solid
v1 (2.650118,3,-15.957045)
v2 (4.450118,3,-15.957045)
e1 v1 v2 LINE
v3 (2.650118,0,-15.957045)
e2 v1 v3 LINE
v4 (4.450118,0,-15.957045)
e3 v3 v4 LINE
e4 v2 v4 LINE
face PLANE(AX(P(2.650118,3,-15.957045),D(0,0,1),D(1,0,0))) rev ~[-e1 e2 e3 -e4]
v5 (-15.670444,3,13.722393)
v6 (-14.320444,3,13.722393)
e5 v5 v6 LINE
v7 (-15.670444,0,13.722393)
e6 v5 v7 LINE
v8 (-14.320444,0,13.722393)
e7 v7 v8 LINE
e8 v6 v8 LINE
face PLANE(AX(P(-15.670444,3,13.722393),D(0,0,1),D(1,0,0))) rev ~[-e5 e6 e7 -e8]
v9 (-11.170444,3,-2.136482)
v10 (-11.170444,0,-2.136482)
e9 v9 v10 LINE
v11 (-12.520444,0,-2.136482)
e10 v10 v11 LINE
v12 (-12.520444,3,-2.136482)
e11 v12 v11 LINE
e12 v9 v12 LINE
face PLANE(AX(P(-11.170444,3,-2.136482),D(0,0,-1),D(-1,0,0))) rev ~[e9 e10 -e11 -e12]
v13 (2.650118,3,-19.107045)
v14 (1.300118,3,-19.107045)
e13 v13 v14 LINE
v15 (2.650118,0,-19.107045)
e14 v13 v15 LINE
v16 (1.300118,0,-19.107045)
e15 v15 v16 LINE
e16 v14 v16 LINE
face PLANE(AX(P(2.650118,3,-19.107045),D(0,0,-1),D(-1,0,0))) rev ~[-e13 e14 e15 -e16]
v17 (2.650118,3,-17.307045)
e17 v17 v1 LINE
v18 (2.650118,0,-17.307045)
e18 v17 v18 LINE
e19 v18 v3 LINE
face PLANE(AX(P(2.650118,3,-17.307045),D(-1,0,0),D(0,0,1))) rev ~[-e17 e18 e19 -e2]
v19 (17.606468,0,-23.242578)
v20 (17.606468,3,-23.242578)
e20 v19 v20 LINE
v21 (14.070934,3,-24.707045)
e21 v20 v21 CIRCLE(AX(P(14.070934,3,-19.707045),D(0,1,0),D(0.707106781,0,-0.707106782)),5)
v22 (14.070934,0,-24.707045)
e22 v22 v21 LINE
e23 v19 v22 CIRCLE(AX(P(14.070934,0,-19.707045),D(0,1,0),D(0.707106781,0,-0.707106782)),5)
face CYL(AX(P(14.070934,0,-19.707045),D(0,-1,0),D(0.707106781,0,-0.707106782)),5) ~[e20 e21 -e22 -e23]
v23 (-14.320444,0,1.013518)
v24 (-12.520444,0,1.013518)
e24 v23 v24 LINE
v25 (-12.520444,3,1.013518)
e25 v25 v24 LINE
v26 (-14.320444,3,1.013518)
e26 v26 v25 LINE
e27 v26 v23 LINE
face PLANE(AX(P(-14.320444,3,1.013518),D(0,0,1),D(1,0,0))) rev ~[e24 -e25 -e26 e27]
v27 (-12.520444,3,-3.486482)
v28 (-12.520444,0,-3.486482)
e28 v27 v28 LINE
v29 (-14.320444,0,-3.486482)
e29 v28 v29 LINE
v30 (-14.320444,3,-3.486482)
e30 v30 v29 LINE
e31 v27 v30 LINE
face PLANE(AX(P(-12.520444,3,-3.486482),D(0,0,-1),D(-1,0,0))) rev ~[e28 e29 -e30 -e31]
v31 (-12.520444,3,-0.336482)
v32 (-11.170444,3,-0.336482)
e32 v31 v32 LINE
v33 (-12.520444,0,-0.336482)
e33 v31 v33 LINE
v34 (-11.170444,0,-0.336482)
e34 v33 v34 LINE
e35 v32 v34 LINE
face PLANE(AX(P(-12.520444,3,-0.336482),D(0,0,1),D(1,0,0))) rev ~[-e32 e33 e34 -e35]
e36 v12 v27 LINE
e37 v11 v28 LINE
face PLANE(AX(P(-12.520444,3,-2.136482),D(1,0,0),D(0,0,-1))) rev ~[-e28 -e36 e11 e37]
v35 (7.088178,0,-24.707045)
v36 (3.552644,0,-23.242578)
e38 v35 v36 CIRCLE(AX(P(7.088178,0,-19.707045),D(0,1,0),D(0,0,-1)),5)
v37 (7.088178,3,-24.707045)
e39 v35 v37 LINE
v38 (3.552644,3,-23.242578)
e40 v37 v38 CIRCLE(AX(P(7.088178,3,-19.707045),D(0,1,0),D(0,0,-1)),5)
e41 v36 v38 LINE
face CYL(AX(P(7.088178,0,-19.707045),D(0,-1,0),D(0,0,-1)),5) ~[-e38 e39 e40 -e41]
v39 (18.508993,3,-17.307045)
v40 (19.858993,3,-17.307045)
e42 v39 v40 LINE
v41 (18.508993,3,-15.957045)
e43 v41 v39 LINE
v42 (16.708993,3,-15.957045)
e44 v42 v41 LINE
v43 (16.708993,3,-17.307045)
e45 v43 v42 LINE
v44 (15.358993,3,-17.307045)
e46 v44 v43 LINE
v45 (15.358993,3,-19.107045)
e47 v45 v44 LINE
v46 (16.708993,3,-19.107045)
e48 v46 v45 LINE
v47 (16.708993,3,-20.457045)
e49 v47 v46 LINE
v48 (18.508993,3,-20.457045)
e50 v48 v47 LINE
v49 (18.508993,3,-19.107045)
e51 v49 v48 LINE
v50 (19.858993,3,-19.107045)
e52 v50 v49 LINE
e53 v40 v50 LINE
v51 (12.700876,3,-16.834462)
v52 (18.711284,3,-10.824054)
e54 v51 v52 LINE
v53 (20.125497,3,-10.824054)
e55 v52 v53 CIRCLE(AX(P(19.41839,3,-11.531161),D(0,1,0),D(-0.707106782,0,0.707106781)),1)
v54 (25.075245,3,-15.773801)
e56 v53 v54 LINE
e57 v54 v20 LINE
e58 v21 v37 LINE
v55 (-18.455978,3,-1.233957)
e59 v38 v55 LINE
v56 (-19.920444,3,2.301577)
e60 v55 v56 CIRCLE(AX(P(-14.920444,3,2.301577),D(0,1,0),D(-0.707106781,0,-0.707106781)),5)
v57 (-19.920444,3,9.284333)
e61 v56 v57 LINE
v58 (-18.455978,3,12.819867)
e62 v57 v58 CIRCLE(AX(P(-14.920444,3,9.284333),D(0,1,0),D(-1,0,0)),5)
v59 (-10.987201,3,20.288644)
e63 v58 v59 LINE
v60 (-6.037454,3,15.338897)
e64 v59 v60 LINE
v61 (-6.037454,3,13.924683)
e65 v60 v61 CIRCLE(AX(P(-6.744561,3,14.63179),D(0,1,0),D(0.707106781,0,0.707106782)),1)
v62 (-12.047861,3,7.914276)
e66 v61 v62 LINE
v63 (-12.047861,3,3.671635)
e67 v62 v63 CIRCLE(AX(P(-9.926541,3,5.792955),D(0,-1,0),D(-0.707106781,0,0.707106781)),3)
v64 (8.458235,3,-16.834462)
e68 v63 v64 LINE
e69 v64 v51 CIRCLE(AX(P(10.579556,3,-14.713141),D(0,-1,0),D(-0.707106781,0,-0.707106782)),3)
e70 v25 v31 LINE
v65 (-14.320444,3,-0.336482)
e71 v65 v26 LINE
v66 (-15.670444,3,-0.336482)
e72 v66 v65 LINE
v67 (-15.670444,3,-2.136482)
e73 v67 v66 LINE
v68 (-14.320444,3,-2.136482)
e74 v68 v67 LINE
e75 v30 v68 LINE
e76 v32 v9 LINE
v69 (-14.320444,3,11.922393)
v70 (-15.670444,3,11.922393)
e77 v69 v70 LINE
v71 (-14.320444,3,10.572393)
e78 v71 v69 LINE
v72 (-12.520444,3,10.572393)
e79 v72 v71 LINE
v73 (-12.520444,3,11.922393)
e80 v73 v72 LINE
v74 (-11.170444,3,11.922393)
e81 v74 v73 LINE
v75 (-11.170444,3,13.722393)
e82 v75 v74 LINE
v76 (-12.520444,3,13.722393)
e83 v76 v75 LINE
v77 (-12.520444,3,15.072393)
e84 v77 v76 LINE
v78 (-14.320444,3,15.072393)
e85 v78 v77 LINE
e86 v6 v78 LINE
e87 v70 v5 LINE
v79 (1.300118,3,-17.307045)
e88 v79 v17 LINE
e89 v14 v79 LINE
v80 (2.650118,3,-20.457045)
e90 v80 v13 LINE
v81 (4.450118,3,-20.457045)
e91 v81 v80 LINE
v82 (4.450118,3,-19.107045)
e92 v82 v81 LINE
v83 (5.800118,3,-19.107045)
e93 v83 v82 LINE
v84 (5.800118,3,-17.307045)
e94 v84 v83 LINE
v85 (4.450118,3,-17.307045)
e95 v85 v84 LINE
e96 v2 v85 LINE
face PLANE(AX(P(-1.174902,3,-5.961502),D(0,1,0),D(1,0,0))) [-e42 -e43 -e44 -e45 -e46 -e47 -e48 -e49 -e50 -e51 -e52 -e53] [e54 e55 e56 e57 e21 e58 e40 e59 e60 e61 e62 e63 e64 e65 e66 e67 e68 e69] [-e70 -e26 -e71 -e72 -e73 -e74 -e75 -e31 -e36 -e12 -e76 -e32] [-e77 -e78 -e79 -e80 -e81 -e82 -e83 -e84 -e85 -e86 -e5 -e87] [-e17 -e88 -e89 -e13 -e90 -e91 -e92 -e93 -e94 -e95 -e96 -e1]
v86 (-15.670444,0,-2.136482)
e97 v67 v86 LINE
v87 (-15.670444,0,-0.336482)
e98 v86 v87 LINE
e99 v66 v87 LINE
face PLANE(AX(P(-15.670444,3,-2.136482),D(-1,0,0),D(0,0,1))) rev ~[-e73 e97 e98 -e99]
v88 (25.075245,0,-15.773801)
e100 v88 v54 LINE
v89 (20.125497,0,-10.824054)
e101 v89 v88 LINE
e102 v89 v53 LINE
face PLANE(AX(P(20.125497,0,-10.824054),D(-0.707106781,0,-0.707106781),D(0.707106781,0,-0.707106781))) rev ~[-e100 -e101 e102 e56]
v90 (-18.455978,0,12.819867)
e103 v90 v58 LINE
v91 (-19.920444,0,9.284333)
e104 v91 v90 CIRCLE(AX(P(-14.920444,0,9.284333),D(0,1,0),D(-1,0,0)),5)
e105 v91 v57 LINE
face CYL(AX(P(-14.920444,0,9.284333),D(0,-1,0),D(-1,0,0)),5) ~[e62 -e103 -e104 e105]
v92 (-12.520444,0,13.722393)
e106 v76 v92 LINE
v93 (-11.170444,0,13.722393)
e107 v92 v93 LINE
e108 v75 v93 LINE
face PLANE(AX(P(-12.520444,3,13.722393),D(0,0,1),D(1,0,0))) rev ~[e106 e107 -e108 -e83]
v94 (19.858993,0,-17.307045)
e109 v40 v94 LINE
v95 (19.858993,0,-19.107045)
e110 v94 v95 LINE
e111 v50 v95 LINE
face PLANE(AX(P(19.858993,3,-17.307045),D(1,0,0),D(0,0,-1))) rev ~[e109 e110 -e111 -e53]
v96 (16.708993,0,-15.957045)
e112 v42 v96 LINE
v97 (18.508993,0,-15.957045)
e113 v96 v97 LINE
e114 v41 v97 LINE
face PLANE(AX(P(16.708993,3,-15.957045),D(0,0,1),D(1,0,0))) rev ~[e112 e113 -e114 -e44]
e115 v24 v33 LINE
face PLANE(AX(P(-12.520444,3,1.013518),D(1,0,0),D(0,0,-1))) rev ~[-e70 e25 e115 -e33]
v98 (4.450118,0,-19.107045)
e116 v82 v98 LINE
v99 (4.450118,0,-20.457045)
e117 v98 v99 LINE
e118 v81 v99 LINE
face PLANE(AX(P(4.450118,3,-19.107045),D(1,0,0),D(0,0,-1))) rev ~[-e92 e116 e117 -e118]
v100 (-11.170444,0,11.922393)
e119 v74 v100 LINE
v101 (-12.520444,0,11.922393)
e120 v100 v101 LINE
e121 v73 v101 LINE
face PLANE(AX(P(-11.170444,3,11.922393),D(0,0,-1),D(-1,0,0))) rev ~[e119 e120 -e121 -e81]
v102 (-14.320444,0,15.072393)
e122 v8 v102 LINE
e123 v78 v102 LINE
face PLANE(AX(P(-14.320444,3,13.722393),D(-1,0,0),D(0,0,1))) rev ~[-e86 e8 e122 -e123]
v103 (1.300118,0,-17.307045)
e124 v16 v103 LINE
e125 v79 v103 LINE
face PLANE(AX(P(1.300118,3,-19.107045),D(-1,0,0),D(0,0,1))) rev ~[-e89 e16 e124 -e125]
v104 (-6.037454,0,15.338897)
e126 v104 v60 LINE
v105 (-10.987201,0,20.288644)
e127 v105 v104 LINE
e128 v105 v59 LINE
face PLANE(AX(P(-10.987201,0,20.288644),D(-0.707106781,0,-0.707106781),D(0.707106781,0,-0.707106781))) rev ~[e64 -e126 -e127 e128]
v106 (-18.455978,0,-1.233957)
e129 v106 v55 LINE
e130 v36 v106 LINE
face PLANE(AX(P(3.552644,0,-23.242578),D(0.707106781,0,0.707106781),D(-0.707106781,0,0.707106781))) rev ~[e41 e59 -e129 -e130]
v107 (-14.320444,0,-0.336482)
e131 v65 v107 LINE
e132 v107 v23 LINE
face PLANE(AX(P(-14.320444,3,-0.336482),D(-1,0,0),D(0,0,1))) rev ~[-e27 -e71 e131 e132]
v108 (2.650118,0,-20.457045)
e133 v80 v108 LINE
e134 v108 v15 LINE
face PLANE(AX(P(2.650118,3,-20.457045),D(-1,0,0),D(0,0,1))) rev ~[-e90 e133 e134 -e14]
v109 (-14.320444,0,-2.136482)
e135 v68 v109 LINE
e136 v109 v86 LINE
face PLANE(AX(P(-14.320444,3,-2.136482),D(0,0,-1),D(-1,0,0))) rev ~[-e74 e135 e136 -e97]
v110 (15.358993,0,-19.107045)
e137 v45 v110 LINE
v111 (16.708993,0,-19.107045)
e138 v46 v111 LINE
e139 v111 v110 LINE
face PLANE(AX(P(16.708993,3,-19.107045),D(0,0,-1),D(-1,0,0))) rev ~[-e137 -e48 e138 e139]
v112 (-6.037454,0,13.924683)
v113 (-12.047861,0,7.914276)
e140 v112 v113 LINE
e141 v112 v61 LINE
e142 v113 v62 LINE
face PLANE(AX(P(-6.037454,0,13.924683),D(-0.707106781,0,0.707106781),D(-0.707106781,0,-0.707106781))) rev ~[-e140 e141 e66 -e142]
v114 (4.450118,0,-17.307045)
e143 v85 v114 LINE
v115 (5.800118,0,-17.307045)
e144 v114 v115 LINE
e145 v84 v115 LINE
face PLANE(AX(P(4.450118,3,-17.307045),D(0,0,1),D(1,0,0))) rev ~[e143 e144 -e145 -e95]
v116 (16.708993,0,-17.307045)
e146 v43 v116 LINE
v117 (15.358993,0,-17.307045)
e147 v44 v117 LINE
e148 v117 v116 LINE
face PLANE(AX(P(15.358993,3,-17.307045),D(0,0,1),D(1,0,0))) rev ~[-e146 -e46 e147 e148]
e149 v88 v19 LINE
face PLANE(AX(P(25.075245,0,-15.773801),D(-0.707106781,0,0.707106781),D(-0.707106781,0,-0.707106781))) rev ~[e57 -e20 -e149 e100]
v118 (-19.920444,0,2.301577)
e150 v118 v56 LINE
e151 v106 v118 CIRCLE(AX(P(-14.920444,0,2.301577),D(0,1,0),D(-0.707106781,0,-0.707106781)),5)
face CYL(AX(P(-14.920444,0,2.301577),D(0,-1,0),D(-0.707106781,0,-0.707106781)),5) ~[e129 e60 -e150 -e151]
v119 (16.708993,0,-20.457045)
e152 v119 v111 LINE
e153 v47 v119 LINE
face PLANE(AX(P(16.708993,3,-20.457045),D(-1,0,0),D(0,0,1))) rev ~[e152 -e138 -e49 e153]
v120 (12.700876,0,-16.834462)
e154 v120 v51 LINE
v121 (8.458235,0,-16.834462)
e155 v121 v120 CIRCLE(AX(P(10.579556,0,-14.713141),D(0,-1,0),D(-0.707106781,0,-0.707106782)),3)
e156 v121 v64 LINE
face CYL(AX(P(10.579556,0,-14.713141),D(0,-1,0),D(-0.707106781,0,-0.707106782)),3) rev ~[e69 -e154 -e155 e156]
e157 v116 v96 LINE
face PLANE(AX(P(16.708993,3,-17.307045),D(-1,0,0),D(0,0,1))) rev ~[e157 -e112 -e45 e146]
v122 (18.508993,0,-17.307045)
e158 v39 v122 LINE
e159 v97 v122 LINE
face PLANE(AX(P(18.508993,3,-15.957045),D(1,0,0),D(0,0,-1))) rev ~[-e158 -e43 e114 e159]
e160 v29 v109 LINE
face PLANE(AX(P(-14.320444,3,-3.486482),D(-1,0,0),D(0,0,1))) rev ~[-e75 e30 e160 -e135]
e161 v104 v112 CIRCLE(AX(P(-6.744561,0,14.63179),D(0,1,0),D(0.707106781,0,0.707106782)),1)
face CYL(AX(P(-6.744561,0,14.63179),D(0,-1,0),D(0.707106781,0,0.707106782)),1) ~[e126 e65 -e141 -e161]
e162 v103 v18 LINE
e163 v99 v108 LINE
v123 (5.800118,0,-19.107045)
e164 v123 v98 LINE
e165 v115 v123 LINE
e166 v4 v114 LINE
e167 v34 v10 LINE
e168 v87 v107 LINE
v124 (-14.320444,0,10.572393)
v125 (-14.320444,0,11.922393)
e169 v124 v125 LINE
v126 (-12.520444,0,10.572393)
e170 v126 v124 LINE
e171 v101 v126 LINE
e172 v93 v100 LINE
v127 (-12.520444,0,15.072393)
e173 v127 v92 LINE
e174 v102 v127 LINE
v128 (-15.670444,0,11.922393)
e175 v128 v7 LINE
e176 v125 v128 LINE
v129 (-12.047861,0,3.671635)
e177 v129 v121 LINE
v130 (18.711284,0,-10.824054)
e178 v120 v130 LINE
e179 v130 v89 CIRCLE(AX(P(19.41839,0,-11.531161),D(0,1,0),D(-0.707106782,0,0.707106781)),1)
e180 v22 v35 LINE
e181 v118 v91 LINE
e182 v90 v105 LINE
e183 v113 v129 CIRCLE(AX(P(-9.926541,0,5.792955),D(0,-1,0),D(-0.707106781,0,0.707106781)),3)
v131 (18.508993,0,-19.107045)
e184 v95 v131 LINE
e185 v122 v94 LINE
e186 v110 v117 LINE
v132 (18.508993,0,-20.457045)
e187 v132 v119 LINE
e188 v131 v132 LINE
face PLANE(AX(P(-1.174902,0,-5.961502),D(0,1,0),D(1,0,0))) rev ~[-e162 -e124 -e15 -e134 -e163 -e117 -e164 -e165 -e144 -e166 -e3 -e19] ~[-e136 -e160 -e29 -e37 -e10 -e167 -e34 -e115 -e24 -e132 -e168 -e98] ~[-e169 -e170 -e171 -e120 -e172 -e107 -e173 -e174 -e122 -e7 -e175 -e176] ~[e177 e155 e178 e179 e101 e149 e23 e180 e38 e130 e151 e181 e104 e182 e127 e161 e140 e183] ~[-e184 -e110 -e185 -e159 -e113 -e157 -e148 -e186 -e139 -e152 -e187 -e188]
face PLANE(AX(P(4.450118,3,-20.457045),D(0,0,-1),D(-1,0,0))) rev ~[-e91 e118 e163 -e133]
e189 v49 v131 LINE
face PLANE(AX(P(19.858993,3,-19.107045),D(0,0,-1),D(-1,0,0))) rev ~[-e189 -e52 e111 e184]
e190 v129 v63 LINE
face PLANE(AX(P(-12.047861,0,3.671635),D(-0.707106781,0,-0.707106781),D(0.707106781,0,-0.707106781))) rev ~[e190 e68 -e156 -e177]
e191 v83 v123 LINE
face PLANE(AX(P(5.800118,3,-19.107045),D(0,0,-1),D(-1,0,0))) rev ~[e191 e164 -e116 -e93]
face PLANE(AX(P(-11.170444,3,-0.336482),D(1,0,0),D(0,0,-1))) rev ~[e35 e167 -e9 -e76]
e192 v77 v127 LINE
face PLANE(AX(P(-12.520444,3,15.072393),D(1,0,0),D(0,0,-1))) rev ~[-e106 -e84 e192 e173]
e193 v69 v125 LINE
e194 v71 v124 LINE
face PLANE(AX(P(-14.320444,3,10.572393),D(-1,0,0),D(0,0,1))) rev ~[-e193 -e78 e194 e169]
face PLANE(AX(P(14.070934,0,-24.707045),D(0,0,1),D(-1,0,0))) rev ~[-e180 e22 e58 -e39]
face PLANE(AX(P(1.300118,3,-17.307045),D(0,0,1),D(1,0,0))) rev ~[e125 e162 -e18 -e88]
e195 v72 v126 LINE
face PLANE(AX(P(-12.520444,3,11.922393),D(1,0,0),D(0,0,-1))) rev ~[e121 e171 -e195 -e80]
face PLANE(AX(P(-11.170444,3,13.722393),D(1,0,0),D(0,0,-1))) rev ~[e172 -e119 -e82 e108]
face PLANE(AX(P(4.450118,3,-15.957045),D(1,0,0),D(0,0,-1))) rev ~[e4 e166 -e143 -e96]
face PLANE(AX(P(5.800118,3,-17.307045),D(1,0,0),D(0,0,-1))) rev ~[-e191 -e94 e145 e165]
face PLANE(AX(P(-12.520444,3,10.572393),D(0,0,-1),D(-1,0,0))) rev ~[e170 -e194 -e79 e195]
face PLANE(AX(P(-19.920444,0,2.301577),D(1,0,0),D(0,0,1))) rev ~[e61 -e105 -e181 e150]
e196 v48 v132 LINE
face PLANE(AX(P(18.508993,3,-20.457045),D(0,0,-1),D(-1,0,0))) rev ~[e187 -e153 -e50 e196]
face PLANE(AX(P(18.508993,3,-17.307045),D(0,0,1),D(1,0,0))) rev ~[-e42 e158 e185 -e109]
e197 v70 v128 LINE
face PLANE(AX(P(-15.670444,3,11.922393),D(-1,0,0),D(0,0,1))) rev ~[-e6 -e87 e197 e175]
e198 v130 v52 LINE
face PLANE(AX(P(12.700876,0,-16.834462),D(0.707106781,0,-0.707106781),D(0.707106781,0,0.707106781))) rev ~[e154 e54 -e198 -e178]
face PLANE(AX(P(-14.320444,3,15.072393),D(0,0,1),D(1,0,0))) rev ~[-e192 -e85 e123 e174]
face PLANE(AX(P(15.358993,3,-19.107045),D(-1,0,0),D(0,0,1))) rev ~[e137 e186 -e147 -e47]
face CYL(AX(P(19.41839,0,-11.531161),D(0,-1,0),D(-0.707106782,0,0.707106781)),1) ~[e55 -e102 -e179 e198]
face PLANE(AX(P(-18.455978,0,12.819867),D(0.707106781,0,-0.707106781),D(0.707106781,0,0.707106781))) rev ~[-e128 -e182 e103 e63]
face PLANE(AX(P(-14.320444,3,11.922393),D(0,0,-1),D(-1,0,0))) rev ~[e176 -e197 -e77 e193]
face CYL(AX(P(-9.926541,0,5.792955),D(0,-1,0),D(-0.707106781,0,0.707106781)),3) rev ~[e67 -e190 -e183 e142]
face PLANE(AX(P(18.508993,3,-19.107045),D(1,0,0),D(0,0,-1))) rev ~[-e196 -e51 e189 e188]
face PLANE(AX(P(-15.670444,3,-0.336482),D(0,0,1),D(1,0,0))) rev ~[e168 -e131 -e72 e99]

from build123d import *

# Parameters (mm, degrees)
BOSS_EXTRUDE1_DEPTH = 3
CUT_EXTRUDE1_DEPTH  = 4


with BuildPart() as part:
    # Sketch1 → Boss-Extrude1 (new body)
    with BuildSketch(Plane(origin=(0, 0, 0), x_dir=(1, 0, 0), z_dir=(0, 1, 0))):
        with BuildLine():
            Line((-6.037453791, -13.924683413), (-12.047861431, -7.914275773))
            ThreePointArc((-12.047861431, -7.914275773), (-12.926541087, -5.792955429), (-12.047861431, -3.671635086))
            Line((-12.047861431, -3.671635086), (8.458235223, 16.834461569))
            ThreePointArc((8.458235223, 16.834461569), (10.579555567, 17.713141225), (12.700875911, 16.834461569))
            Line((12.700875911, 16.834461569), (18.711283551, 10.824053929))
            ThreePointArc((18.711283551, 10.824053929), (19.418390332, 10.53116071), (20.125497113, 10.824053929))
            Line((20.125497113, 10.824053929), (25.075244581, 15.773801397))
            Line((25.075244581, 15.773801397), (17.606467502, 23.242578477))
            ThreePointArc((17.606467502, 23.242578477), (15.984350757, 24.326442233), (14.070933596, 24.707044571))
            Line((14.070933596, 24.707044571), (7.088177538, 24.707044571))
            ThreePointArc((7.088177538, 24.707044571), (5.174760376, 24.326442233), (3.552643632, 23.242578477))
            Line((3.552643632, 23.242578477), (-18.455978339, 1.233956505))
            ThreePointArc((-18.455978339, 1.233956505), (-19.539842096, -0.388160239), (-19.920444433, -2.301577401))
            Line((-19.920444433, -2.301577401), (-19.920444433, -9.284333458))
            ThreePointArc((-19.920444433, -9.284333458), (-19.539842096, -11.19775062), (-18.455978339, -12.819867364))
            Line((-18.455978339, -12.819867364), (-10.987201259, -20.288644444))
            Line((-10.987201259, -20.288644444), (-6.037453791, -15.338896975))
            ThreePointArc((-6.037453791, -15.338896975), (-5.744560572, -14.631790194), (-6.037453791, -13.924683413))
        make_face()
    extrude(amount=BOSS_EXTRUDE1_DEPTH)

    # Sketch2 → Cut-Extrude1 (cut, through all)
    with BuildSketch(Plane(origin=(0, 3, 0), x_dir=(1, 0, 0), z_dir=(0, 1, 0))):
        Polygon((-15.670444433, 2.136481822), (-15.670444433, 0.336481822), (-14.320444433, 0.336481822), (-14.320444433, -1.013518178), (-12.520444433, -1.013518178), (-12.520444433, 0.336481822), (-11.170444433, 0.336481822), (-11.170444433, 2.136481822), (-12.520444433, 2.136481822), (-12.520444433, 3.486481822), (-14.320444433, 3.486481822), (-14.320444433, 2.136481822), align=None)
        Polygon((-12.520444433, -10.572392681), (-14.320444433, -10.572392681), (-14.320444433, -11.922392681), (-15.670444433, -11.922392681), (-15.670444433, -13.722392681), (-14.320444433, -13.722392681), (-14.320444433, -15.072392681), (-12.520444433, -15.072392681), (-12.520444433, -13.722392681), (-11.170444433, -13.722392681), (-11.170444433, -11.922392681), (-12.520444433, -11.922392681), align=None)
        Polygon((18.508992818, 17.307044571), (19.858992818, 17.307044571), (19.858992818, 19.107044571), (18.508992818, 19.107044571), (18.508992818, 20.457044571), (16.708992818, 20.457044571), (16.708992818, 19.107044571), (15.358992818, 19.107044571), (15.358992818, 17.307044571), (16.708992818, 17.307044571), (16.708992818, 15.957044571), (18.508992818, 15.957044571), align=None)
        Polygon((36.829555567, -13.722392681), (36.829555567, -11.922392681), (35.479555567, -11.922392681), (35.479555567, -10.572392681), (33.679555567, -10.572392681), (33.679555567, -11.922392681), (32.329555567, -11.922392681), (32.329555567, -13.722392681), (33.679555567, -13.722392681), (33.679555567, -15.072392681), (35.479555567, -15.072392681), (35.479555567, -13.722392681), align=None)
        Polygon((5.800118315, 19.107044571), (4.450118315, 19.107044571), (4.450118315, 20.457044571), (2.650118315, 20.457044571), (2.650118315, 19.107044571), (1.300118315, 19.107044571), (1.300118315, 17.307044571), (2.650118315, 17.307044571), (2.650118315, 15.957044571), (4.450118315, 15.957044571), (4.450118315, 17.307044571), (5.800118315, 17.307044571), align=None)
        Polygon((36.829555567, 2.136481822), (35.479555567, 2.136481822), (35.479555567, 3.486481822), (33.679555567, 3.486481822), (33.679555567, 2.136481822), (32.329555567, 2.136481822), (32.329555567, 0.336481822), (33.679555567, 0.336481822), (33.679555567, -1.013518178), (35.479555567, -1.013518178), (35.479555567, 0.336481822), (36.829555567, 0.336481822), align=None)
        Polygon((4.450118315, -32.042955429), (4.450118315, -30.692955429), (5.800118315, -30.692955429), (5.800118315, -28.892955429), (4.450118315, -28.892955429), (4.450118315, -27.542955429), (2.650118315, -27.542955429), (2.650118315, -28.892955429), (1.300118315, -28.892955429), (1.300118315, -30.692955429), (2.650118315, -30.692955429), (2.650118315, -32.042955429), align=None)
        Polygon((18.508992818, -32.042955429), (18.508992818, -30.692955429), (19.858992818, -30.692955429), (19.858992818, -28.892955429), (18.508992818, -28.892955429), (18.508992818, -27.542955429), (16.708992818, -27.542955429), (16.708992818, -28.892955429), (15.358992818, -28.892955429), (15.358992818, -30.692955429), (16.708992818, -30.692955429), (16.708992818, -32.042955429), align=None)
    extrude(amount=-CUT_EXTRUDE1_DEPTH, mode=Mode.SUBTRACT)


solid = part.part
